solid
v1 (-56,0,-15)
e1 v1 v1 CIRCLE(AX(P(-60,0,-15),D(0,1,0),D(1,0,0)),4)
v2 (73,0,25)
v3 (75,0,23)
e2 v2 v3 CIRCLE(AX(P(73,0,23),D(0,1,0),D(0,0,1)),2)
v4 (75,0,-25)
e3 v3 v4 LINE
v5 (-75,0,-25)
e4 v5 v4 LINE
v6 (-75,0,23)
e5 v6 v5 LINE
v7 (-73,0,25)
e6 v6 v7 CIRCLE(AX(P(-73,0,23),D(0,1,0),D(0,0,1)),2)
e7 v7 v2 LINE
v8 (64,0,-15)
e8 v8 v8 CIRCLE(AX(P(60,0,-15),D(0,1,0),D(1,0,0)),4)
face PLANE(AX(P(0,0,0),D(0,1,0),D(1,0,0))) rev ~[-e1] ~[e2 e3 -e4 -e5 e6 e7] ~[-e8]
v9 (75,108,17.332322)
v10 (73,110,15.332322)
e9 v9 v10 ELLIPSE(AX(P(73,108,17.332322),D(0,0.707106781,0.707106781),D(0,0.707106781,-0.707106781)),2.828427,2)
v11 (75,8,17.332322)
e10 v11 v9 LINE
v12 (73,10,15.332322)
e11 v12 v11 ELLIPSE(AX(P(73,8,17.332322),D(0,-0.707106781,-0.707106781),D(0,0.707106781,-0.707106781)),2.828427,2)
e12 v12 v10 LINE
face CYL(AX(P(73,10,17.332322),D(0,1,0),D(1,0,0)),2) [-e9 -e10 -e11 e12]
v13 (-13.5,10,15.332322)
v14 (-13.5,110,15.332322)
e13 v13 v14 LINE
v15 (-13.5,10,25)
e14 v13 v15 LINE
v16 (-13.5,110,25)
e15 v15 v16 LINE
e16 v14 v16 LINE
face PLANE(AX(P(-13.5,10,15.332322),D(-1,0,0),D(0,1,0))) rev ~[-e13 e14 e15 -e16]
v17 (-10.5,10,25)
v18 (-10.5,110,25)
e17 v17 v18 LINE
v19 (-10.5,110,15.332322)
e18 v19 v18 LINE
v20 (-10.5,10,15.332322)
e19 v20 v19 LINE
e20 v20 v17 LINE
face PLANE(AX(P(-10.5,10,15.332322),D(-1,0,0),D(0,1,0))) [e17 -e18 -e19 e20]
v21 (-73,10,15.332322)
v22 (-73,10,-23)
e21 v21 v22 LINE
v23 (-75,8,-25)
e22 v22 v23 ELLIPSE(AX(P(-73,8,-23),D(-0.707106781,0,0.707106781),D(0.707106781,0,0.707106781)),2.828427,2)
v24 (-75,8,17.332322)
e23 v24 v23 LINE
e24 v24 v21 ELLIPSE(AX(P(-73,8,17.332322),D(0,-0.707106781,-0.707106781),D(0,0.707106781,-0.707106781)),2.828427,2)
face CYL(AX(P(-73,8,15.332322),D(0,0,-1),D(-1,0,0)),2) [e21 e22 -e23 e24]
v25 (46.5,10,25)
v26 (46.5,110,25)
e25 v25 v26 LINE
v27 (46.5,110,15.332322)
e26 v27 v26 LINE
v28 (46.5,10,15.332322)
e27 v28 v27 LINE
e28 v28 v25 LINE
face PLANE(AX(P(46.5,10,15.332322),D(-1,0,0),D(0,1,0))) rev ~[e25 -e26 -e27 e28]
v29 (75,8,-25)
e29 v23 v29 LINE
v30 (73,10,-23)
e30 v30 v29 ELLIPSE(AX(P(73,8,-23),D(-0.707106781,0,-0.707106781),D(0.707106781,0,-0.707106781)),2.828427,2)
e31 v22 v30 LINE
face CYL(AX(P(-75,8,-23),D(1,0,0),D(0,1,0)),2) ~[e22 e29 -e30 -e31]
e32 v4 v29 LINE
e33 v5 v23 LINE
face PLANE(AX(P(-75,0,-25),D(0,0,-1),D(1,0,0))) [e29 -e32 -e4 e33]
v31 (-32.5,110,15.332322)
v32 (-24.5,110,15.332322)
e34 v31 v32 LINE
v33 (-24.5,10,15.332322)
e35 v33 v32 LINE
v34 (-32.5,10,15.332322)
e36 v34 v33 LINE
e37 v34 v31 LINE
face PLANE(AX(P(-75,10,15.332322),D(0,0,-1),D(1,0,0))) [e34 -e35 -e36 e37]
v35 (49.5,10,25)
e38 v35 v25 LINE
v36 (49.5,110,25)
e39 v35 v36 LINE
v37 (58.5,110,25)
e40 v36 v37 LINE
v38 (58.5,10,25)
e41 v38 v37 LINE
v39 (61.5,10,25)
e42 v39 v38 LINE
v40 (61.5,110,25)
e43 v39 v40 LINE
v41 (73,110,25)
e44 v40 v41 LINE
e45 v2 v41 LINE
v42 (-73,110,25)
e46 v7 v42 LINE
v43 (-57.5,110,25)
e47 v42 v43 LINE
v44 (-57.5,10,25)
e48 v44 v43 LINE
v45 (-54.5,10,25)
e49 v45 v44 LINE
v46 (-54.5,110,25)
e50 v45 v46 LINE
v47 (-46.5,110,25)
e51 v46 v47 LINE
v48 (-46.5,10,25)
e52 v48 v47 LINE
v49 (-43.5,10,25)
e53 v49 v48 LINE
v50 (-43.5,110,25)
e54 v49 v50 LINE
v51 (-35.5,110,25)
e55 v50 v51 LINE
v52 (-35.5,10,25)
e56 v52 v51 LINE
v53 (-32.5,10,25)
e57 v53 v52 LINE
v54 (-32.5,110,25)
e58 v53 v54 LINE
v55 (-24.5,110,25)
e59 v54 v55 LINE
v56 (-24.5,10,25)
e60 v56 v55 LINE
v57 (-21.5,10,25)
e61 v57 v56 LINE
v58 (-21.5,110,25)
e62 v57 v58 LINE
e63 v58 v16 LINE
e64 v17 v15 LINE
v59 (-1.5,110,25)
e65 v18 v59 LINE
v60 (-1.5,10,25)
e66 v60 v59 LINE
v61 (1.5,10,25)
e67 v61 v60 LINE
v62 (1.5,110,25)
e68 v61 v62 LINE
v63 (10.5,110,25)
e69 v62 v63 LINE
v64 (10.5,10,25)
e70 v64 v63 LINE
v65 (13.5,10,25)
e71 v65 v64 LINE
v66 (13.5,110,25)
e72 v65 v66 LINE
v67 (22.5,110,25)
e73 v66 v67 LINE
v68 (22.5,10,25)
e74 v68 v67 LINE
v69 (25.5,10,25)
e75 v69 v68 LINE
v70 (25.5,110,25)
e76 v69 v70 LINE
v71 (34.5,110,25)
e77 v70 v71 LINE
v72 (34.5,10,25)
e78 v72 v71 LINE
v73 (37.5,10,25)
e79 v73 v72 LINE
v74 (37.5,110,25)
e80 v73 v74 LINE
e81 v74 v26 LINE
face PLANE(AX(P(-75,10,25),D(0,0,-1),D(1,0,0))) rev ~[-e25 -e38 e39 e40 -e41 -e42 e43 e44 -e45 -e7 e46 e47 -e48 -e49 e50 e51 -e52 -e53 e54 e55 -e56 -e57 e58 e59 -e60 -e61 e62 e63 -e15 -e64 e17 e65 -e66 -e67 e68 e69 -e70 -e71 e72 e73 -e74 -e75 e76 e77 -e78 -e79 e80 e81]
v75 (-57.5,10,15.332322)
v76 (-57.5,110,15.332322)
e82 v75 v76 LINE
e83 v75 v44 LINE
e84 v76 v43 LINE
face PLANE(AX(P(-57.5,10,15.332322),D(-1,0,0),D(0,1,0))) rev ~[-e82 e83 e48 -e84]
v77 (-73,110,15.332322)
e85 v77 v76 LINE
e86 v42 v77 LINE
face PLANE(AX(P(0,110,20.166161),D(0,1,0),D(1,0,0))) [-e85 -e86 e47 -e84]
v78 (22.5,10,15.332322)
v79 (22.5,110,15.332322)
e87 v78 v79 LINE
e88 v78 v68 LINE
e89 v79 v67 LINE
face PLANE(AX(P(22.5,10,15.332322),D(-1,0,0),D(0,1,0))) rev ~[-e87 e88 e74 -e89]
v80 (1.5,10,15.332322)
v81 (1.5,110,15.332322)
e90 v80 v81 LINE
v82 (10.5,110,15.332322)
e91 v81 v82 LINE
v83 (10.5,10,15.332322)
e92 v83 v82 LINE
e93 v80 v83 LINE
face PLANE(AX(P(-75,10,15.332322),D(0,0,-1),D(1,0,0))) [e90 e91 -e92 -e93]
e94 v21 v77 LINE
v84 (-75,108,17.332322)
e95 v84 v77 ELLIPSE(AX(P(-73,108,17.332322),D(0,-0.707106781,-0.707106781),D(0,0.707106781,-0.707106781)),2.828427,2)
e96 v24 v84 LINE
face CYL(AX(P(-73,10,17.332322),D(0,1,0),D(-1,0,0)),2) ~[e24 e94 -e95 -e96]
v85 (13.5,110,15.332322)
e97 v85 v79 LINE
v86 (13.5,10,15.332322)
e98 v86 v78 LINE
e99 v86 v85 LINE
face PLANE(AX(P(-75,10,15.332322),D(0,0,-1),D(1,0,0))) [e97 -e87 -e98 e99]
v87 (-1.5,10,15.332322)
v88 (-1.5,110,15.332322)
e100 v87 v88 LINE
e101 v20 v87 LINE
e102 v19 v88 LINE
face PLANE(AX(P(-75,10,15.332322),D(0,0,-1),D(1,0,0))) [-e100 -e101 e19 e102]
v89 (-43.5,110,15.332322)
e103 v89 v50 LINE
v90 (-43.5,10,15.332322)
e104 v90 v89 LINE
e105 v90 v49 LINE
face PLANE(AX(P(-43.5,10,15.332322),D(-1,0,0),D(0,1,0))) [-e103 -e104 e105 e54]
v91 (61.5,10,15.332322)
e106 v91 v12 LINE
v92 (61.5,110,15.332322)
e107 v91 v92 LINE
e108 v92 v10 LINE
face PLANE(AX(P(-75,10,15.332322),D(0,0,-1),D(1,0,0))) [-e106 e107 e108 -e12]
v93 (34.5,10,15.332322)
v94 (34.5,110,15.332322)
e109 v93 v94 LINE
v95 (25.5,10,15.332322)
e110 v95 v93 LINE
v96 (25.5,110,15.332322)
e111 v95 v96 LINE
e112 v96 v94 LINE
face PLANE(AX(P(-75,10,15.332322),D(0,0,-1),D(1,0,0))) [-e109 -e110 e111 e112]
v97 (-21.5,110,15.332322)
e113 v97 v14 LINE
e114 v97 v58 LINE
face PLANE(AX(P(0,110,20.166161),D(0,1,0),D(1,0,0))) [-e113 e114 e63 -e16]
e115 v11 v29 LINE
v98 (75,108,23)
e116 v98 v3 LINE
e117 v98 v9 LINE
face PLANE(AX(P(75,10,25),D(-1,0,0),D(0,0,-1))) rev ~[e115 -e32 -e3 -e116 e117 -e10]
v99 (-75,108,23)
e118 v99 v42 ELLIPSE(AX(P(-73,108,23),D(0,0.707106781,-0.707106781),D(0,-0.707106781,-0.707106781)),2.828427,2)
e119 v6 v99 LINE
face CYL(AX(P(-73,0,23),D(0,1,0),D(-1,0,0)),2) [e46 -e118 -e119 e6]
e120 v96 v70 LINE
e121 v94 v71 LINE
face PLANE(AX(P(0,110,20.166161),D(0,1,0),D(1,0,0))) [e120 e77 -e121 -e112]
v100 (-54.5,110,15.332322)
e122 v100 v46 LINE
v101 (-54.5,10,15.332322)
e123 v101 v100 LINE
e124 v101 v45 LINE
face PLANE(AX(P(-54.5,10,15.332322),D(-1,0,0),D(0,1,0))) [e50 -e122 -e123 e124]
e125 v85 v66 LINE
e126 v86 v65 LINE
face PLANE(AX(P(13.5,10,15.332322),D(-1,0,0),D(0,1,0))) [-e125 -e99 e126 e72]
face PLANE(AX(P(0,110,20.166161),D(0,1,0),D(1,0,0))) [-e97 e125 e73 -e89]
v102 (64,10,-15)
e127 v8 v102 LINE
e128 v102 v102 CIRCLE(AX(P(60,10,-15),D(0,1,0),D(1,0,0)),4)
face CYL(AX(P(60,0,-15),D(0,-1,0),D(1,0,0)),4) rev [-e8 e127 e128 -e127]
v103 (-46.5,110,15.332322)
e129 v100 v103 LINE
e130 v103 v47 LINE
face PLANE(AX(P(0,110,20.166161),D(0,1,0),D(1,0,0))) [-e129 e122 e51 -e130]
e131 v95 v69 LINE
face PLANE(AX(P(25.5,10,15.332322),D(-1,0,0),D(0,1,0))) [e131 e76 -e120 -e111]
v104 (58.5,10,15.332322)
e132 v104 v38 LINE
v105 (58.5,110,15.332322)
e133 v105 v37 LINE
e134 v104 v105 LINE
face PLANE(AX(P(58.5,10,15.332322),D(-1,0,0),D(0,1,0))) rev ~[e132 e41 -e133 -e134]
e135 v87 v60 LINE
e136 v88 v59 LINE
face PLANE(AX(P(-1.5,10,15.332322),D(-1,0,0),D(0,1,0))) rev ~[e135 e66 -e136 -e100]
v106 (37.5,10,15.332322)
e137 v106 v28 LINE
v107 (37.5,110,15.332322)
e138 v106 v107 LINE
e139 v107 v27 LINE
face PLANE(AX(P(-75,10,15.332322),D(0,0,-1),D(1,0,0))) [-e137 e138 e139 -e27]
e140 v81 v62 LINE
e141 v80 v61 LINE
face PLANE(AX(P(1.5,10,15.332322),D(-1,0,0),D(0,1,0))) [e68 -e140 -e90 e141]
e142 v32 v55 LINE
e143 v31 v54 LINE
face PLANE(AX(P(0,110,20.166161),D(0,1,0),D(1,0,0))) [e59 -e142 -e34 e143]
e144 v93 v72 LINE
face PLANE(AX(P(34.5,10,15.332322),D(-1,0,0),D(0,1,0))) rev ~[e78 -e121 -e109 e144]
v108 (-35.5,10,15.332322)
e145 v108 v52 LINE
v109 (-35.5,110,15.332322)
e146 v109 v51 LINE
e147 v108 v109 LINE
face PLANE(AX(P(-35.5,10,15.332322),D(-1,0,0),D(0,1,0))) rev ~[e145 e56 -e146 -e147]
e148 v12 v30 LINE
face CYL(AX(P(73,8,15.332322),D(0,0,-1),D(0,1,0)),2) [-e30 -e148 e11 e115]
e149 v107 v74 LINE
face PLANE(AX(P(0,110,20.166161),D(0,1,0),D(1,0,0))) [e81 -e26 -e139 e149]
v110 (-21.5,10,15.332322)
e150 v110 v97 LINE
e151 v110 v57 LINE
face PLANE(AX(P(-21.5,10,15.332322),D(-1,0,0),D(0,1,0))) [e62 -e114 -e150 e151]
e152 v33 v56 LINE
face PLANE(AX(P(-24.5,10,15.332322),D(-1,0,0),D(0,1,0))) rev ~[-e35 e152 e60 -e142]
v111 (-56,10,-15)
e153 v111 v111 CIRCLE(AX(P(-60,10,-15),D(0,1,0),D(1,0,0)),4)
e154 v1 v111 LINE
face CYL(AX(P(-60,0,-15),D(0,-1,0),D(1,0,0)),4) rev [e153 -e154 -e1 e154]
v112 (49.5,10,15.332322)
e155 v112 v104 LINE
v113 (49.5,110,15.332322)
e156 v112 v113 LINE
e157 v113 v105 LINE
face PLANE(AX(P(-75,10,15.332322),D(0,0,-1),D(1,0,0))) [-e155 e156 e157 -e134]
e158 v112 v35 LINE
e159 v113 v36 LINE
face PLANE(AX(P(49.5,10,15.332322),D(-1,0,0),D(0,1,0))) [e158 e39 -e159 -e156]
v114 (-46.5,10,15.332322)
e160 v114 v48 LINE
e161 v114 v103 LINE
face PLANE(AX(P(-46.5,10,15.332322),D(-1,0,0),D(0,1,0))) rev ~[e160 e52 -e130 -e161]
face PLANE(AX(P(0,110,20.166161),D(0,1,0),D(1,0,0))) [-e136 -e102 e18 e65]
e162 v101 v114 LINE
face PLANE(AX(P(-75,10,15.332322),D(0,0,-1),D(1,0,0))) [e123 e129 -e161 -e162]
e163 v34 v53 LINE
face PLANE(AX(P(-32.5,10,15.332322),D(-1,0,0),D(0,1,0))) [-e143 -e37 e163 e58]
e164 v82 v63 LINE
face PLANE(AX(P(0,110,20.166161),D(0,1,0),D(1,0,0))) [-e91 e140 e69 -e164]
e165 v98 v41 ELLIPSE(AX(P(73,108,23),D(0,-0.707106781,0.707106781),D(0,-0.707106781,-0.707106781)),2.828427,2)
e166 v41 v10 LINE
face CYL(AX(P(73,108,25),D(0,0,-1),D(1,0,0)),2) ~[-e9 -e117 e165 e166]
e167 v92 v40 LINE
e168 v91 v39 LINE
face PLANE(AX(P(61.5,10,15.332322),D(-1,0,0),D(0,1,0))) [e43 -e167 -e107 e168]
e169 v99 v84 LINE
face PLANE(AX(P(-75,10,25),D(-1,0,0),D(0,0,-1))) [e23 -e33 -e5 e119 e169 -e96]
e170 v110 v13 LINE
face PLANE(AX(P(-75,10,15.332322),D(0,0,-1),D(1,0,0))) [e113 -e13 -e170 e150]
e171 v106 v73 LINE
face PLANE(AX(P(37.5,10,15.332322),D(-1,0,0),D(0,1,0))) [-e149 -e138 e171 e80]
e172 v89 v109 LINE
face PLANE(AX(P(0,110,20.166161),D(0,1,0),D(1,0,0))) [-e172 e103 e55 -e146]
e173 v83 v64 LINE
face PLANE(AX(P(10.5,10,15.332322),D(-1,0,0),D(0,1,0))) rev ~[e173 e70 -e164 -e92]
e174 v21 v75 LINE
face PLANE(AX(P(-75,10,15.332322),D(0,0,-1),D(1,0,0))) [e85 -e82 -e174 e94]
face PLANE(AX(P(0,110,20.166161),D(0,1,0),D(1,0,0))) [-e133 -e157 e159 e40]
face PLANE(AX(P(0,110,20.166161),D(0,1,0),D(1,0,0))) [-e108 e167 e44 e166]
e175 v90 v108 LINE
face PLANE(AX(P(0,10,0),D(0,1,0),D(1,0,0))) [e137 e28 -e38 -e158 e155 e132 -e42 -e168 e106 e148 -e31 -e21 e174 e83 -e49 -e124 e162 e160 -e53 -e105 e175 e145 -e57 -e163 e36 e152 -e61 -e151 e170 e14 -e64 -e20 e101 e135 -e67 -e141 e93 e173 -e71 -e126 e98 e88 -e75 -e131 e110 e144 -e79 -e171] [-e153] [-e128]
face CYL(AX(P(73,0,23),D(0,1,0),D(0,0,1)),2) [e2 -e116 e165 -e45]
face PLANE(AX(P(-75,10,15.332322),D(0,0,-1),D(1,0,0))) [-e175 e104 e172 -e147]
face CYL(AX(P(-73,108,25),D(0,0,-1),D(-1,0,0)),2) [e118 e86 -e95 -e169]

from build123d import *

# Parameters (mm, degrees)
SKETCH1_W           = 150
SKETCH1_H           = 50
SKETCH1_R           = 4
BOSS_EXTRUDE1_DEPTH = 10
SKETCH2_W           = 150
SKETCH2_H           = 9.667678079
BOSS_EXTRUDE2_DEPTH = 100
SKETCH3_W           = 3
SKETCH3_H           = 100
CUT_EXTRUDE1_DEPTH  = 100
FILLET1_R           = 2


with BuildPart() as part:
    # Sketch1 → Boss-Extrude1 (new body)
    with BuildSketch(Plane(origin=(0, 0, 0), x_dir=(1, 0, 0), z_dir=(0, 1, 0))):
        Rectangle(SKETCH1_W, SKETCH1_H)
        with Locations((60, 15)):
            Circle(SKETCH1_R, mode=Mode.SUBTRACT)
        with Locations((-60, 15)):
            Circle(SKETCH1_R, mode=Mode.SUBTRACT)
    extrude(amount=BOSS_EXTRUDE1_DEPTH)

    # Sketch2 → Boss-Extrude2 (add)
    with BuildSketch(Plane(origin=(0, 10, 0), x_dir=(1, 0, 0), z_dir=(0, 1, 0))):
        with Locations((0, -20.166160961)):
            Rectangle(SKETCH2_W, SKETCH2_H)
    extrude(amount=BOSS_EXTRUDE2_DEPTH)

    # Sketch3 → Cut-Extrude1 (cut)
    with BuildSketch(Plane(origin=(0, 0, 15.332321921), x_dir=(-1, 0, 0), z_dir=(0, 0, -1))):
        with Locations((-12, 60)):
            Rectangle(SKETCH3_W, SKETCH3_H)
        with Locations((0, 60)):
            Rectangle(SKETCH3_W, SKETCH3_H)
        with Locations((12, 60)):
            Rectangle(SKETCH3_W, SKETCH3_H)
        with Locations((23, 60)):
            Rectangle(SKETCH3_W, SKETCH3_H)
        with Locations((34, 60)):
            Rectangle(SKETCH3_W, SKETCH3_H)
        with Locations((45, 60)):
            Rectangle(SKETCH3_W, SKETCH3_H)
        with Locations((56, 60)):
            Rectangle(SKETCH3_W, SKETCH3_H)
        with Locations((-24, 60)):
            Rectangle(SKETCH3_W, SKETCH3_H)
        with Locations((-36, 60)):
            Rectangle(SKETCH3_W, SKETCH3_H)
        with Locations((-48, 60)):
            Rectangle(SKETCH3_W, SKETCH3_H)
        with Locations((-60, 60)):
            Rectangle(SKETCH3_W, SKETCH3_H)
    extrude(amount=-CUT_EXTRUDE1_DEPTH, mode=Mode.SUBTRACT)

    # Fillet1
    fillet1_edges = [part.edges().sort_by_distance(p)[0] for p in [
        (0, 10, -25),
        (75, 10, -4.83383904),
        (-75, 60, 15.332321921),
        (75, 60, 15.332321921),
        (-75, 110, 20.16616096),
        (75, 110, 20.16616096),
        (-75, 10, -4.83383904),
        (75, 55, 25),
        (-75, 55, 25),
    ]]
    fillet(fillet1_edges, radius=FILLET1_R)


solid = part.part
